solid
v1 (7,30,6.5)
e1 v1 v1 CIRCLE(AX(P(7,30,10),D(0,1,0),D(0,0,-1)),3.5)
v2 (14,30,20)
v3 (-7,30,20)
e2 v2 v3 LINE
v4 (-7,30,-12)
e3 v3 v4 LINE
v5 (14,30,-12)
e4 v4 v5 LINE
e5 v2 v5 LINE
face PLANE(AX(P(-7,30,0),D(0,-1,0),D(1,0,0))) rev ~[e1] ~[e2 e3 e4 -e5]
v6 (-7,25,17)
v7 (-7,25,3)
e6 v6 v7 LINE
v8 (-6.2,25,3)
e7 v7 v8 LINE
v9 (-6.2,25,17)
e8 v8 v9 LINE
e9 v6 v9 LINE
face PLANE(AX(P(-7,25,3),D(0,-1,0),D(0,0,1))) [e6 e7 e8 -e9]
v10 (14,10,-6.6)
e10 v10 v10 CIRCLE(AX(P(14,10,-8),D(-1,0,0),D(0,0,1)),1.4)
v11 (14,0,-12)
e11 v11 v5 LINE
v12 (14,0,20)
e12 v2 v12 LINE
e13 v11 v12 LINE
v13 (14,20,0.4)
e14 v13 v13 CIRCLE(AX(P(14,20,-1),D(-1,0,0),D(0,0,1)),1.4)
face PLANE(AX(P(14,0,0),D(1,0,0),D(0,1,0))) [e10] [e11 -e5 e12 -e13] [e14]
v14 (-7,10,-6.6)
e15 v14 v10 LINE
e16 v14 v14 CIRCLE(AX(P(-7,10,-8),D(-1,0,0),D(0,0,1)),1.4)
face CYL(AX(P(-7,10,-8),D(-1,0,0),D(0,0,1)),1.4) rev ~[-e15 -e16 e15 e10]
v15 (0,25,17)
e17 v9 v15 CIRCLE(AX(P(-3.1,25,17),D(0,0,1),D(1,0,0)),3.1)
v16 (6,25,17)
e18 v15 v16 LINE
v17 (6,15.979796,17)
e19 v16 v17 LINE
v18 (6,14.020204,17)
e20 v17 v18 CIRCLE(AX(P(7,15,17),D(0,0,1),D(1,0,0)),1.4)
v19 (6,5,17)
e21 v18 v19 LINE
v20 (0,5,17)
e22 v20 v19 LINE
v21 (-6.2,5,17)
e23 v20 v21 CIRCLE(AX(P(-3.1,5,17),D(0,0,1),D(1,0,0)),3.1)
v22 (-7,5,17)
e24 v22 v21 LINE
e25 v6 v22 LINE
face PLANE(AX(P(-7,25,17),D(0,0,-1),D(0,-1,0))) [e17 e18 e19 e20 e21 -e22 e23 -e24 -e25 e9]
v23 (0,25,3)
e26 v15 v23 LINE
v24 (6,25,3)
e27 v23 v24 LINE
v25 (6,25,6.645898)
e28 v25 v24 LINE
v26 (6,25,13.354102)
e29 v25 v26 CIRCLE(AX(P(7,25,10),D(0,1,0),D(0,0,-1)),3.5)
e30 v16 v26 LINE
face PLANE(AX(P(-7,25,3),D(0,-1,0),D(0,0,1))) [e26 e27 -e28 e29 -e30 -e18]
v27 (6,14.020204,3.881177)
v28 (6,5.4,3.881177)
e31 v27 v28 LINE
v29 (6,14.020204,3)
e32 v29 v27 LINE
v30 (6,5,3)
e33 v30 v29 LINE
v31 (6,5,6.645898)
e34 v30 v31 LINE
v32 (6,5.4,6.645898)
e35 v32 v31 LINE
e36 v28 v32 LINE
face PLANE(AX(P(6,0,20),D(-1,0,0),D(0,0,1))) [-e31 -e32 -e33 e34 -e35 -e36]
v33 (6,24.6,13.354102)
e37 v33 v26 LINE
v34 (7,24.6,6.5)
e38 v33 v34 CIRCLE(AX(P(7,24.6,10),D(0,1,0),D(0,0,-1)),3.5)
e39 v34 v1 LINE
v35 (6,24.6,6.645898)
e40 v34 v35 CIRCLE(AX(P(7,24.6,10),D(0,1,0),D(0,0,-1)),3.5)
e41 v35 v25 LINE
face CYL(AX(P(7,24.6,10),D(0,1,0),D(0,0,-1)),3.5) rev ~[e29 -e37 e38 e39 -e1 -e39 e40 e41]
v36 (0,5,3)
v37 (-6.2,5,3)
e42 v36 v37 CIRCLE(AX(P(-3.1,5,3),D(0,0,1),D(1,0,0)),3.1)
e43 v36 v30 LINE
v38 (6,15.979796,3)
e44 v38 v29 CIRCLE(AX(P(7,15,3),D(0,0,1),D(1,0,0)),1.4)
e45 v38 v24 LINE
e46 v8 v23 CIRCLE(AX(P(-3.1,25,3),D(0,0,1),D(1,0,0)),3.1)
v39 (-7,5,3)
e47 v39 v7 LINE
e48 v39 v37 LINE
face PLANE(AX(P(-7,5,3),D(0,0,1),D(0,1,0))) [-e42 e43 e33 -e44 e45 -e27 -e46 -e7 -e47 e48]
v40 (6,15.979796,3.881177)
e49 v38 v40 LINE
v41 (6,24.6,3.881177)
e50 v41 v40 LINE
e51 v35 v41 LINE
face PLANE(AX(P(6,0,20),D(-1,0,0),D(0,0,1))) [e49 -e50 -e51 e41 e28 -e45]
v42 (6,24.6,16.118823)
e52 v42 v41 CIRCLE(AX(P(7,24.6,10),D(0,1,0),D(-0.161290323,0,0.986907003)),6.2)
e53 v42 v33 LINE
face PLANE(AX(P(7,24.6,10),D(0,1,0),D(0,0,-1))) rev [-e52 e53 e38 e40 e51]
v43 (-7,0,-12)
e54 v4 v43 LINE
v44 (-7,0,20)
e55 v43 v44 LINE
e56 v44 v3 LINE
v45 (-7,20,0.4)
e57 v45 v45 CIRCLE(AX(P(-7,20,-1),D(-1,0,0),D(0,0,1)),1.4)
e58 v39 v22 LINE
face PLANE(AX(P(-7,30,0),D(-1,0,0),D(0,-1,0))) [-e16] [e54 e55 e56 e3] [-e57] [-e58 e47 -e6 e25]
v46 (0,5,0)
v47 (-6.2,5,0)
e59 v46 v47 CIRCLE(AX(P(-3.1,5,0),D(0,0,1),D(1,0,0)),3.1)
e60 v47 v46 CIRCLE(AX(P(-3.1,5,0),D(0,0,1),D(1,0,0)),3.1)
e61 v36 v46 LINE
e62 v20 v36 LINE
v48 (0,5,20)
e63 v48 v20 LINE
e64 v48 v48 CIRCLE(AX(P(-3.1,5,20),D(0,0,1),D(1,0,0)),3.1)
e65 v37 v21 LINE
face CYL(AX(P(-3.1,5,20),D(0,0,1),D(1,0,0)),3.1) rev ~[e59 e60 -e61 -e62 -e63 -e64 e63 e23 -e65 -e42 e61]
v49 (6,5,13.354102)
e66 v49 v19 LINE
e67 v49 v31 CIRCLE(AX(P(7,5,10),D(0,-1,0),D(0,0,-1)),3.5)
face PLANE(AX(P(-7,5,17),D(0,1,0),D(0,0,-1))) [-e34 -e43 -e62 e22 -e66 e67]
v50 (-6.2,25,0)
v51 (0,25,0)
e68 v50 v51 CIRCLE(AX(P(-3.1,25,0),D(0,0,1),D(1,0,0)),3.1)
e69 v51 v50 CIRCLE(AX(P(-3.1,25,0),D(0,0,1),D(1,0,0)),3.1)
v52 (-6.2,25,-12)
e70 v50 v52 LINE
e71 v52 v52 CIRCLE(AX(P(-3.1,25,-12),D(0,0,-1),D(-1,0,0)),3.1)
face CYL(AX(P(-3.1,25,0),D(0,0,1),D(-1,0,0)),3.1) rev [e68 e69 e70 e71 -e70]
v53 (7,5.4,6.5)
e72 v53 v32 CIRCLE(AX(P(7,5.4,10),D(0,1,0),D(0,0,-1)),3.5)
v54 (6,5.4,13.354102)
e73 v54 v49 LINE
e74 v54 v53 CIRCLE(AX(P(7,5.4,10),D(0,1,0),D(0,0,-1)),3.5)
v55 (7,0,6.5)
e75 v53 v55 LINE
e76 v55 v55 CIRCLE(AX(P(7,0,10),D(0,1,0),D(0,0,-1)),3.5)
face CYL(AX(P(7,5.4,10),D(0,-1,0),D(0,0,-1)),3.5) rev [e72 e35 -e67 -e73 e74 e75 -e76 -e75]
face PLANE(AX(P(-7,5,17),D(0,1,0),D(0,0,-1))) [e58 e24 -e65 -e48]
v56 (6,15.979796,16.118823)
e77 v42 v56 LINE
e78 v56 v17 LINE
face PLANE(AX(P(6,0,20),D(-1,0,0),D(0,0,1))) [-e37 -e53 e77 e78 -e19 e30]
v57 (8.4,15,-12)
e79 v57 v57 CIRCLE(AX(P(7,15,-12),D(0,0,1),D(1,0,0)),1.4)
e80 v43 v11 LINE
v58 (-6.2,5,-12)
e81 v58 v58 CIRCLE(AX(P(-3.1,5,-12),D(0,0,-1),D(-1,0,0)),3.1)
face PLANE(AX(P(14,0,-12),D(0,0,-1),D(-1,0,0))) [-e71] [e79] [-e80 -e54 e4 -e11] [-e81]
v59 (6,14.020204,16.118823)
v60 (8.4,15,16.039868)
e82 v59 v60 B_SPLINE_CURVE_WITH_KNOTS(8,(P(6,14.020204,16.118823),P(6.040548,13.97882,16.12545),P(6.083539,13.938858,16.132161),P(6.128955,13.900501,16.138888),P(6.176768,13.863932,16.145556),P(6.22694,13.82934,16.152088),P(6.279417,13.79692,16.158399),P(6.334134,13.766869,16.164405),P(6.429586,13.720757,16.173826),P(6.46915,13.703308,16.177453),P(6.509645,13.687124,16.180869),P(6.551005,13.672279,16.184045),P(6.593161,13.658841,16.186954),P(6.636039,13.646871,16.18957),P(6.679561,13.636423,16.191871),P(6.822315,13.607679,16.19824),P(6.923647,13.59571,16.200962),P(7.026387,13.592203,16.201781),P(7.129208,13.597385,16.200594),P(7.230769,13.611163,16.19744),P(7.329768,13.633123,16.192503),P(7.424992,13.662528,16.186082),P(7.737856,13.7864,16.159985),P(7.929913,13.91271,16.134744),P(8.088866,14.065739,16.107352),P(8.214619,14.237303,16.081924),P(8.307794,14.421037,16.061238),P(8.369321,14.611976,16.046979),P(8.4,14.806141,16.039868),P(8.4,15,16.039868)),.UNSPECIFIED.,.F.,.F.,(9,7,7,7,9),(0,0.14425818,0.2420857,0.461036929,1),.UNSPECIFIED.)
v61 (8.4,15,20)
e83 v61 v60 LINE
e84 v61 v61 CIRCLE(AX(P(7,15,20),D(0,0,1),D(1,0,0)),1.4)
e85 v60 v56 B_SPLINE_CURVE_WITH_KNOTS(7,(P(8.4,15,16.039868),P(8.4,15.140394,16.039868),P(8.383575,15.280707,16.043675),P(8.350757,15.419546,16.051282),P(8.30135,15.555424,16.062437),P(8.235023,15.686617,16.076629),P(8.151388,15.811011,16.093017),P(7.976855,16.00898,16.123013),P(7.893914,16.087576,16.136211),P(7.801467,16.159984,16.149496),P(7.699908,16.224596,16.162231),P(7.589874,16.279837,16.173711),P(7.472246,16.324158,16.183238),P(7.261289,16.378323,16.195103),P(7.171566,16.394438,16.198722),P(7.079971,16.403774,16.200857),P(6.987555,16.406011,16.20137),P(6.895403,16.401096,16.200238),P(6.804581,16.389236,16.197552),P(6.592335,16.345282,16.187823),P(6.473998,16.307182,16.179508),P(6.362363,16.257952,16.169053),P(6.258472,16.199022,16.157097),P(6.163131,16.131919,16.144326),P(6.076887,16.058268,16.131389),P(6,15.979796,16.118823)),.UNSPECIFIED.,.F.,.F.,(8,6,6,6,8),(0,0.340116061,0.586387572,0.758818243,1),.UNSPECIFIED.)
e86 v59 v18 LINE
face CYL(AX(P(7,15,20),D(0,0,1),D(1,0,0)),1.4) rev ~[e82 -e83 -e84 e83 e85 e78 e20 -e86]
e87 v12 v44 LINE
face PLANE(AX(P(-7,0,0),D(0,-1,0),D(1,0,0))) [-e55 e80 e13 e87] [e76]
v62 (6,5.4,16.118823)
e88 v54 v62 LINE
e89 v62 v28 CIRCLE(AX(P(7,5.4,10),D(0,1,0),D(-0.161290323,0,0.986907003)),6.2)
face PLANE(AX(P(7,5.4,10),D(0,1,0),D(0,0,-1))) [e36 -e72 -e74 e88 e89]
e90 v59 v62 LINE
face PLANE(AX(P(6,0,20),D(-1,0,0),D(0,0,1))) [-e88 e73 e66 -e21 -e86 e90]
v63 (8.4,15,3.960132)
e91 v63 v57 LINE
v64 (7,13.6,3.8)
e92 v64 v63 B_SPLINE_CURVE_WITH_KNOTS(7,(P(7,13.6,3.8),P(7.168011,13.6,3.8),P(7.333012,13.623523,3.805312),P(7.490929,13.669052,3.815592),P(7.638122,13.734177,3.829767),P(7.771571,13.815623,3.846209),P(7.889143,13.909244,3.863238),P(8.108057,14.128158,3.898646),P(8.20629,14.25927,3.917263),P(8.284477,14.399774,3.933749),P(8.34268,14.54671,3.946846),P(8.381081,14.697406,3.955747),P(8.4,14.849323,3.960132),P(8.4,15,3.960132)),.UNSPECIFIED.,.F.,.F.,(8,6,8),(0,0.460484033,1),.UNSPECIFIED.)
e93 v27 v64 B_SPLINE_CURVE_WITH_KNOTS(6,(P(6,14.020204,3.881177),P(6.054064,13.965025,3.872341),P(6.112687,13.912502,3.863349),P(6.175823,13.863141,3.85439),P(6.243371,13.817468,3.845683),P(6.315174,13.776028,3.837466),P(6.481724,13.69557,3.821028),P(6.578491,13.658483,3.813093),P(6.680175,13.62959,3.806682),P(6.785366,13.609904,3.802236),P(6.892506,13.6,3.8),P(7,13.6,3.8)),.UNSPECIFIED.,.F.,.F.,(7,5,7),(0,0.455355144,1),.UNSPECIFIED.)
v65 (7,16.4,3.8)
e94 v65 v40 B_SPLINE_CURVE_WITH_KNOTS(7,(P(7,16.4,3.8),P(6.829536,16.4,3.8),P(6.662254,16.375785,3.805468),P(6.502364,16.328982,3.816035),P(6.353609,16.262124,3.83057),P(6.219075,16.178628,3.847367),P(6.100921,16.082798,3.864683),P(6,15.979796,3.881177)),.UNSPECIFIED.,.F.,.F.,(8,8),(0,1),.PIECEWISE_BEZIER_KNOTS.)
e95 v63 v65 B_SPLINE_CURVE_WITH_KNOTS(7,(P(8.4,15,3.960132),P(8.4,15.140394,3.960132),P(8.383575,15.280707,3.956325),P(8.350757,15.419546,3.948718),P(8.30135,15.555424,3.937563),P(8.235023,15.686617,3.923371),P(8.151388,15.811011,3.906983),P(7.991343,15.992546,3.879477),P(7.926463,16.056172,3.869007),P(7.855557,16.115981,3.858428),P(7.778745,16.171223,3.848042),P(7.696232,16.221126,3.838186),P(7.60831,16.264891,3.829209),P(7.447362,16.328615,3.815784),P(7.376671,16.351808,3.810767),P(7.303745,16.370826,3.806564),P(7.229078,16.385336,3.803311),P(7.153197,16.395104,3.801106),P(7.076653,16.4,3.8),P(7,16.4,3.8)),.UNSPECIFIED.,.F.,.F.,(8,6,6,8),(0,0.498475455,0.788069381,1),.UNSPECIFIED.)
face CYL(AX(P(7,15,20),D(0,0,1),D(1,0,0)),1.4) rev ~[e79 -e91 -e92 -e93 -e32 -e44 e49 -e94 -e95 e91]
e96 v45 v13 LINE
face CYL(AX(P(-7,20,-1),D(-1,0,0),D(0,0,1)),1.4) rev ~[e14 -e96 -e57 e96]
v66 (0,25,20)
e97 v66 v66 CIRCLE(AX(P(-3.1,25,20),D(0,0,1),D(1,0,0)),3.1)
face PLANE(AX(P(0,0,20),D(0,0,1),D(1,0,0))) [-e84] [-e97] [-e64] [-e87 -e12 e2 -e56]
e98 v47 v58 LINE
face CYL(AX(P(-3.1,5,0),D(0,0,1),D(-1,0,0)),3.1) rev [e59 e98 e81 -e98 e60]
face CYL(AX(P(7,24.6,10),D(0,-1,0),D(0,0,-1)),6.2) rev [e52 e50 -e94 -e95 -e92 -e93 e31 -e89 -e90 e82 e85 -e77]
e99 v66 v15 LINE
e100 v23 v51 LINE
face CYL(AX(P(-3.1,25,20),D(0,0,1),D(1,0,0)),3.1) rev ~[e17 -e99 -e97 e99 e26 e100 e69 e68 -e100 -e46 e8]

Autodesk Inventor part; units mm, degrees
ref_plane "YZ Plane" through (0, 0, 0) normal (1, 0, 0) x (0, 1, 0)
ref_plane "XZ Plane" through (0, 0, 0) normal (0, 1, 0) x (-1, 0, 0)
sketch "Sketch1" plane through (0, 0, 0) normal (1, 0, 0) x (0, 1, 0)
  line L0 (0, 0) -> (30, 0)
  line L1 (30, 0) -> (30, 20)
  line L2 (30, 20) -> (0, 20)
  line L3 (0, 20) -> (0, 0)
  dimension "d0" = 30
  dimension "d1" = 20
extrude "Extrusion1" add sketch "Sketch1" along normal blind 14
ref_plane "Work Plane1" through (7, 0, 0) normal (-1, 0, 0) x (0, 0, 1)
sketch "Sketch2" plane through (7, 0, 0) normal (-1, 0, 0) x (0, 0, 1)
  line L0 (20, 0) -> (0, 0) projected
  line L1 (10, 0) -> (10, 30)
  line L2 (0, 30) -> (20, 30) projected
  line L3 (3.8, 5.4) -> (16.2, 5.4)
  line L4 (16.2, 5.4) -> (16.2, 24.6)
  line L5 (16.2, 24.6) -> (3.8, 24.6)
  line L6 (3.8, 24.6) -> (3.8, 5.4)
  line L7 (3.8, 5.4) -> (16.2, 24.6) construction
  line L8 (16.2, 5.4) -> (3.8, 24.6) construction
  line L9 (10, 5.4) -> (6.5, 5.4)
  line L10 (6.5, 5.4) -> (6.5, 0)
  line L11 (6.5, 0) -> (10, 0)
  line L12 (10, 0) -> (10, 5.4)
  line L13 (10, 24.6) -> (6.5, 24.6)
  line L14 (6.5, 24.6) -> (6.5, 30)
  line L15 (6.5, 30) -> (10, 30)
  line L16 (10, 30) -> (10, 24.6)
  line L17 (10, 24.6) -> (3.8, 24.6)
  line L18 (3.8, 24.6) -> (3.8, 5.4)
  line L19 (3.8, 5.4) -> (10, 5.4)
  line L20 (10, 5.4) -> (10, 24.6)
  point P0 (10, 15)
  dimension "d5" = 12.4
  dimension "d6" = 19.2
  dimension "d7" = 3.5
revolve "Revolution1" cut sketch "Sketch2" angle 360 about axis through (7, 0, 10) along (0, 1, 0) contours L0 L10 L3 L1 | L3 L6 L5 L1 | L5 L14 L2 L1
sketch "Sketch3" plane through (0, 0, 20) normal (0, 0, 1) x (1, 0, 0)
  line L0 (0, 30) -> (0, 0) projected
  line L1 (0, 0) -> (14, 0) projected
  line L2 (14, 30) -> (14, 0) projected
  line L3 (0, 30) -> (14, 30) projected
  line L4 (0, 0) -> (0, 30) projected
  line L5 (0, 0) -> (-7, 0)
  line L6 (-7, 0) -> (-7, 30)
  line L7 (-7, 30) -> (0, 30)
  line L8 (0, 30) -> (0, 0)
  line L9 (0, 30) -> (14, 30) projected
  circle A0 centre (-3.1, 5) radius 3.1
  line L10 (0, 30) -> (0, 0) projected
  circle A1 centre (-3.1, 25) radius 3.1
  dimension "d9" = 7
  dimension "d10" = 6.2
  dimension "d11" = 6.2
  dimension "d12" = 5
  dimension "d13" = 5
extrude "Extrusion2" add sketch "Sketch3" against normal up to surface (20 mm away) contours L0 L5 L6 L7
sketch "Sketch4" plane through (-7, 0, 20) normal (-1, 0, 0) x (0, 0, 1)
  line L0 (-16.2, 24.6) -> (-16.2, 5.4) projected
  line L1 (-15, 24.5) -> (-5, 24.5) projected
  line L2 (-13.5, 24.6) -> (-6.5, 24.6) projected
  line L3 (-16.2, 5.4) -> (-3.8, 5.4) projected
  line L4 (-3.8, 24.6) -> (-3.8, 5.4) projected
  line L5 (-16.2, 24.6) -> (-3.8, 24.6) projected
  line L6 (-17, 25) -> (-3, 25)
  line L7 (-3, 25) -> (-3, 5)
  line L8 (-3, 5) -> (-17, 5)
  line L9 (-17, 5) -> (-17, 25)
  line L10 (-17, 25) -> (-3, 5) construction
  line L11 (-3, 25) -> (-17, 5) construction
  line L12 (-13.5, 30.2686) -> (-6.5, 30.2686)
  line L13 (-6.5, 30.2686) -> (-6.5, 25)
  line L14 (-6.5, 25) -> (-13.5, 25)
  line L15 (-13.5, 25) -> (-13.5, 30.2686)
  line L16 (-13.5, 30.2686) -> (-6.5, 25) construction
  line L17 (-6.5, 30.2686) -> (-13.5, 25) construction
  line L18 (-13.5, -0.71) -> (-6.5, -0.71)
  line L19 (-6.5, -0.71) -> (-6.5, 5)
  line L20 (-6.5, 5) -> (-13.5, 5)
  line L21 (-13.5, 5) -> (-13.5, -0.71)
  line L22 (-13.5, -0.71) -> (-6.5, 5) construction
  line L23 (-6.5, -0.71) -> (-13.5, 5) construction
  point P0 (-20, 0)
  point P1 (-10, 15)
  point P2 (-10, 27.6343)
  point P3 (-10, 2.145)
  dimension "d16" = 14
  dimension "d17" = 20
  dimension "d18" = 7
extrude "Extrusion3" cut sketch "Sketch4" against normal blind 13 contours L5 L2 L4 L3 L0 | L6 L7 L8 L9
sketch "Sketch5" plane through (14, 0, 0) normal (0, 0, -1) x (-1, 0, 0)
  line L0 (21, 30) -> (0, 30) projected
  line L1 (0, 0) -> (0, 30) projected
  line L2 (21, 0) -> (0, 0) projected
  line L3 (21, 30) -> (21, 0) projected
  circle A0 centre (17.1, 25) radius 3.1 projected
  circle A1 centre (17.1, 5) radius 3.1 projected
  point P0 (14, 0)
ref_plane "Work Plane2" through (-3.5, -134.0004, -5) normal (0, 0, -1) x (0, 1, 0)
extrude "Extrusion4" add sketch "Sketch5" along normal blind 12
sketch "Sketch6" plane through (-7, 0, 20) normal (-1, 0, 0) x (0, 0, 1)
  point P0 (-20, 0)
sketch "Sketch7" plane through (-7, 0, 20) normal (-1, 0, 0) x (0, 0, 1)
  line L0 (-3, 5) -> (-17, 5) projected
  line L1 (-17, 5) -> (-17, 25) projected
  line L2 (-17, 25) -> (-3, 25) projected
  line L3 (-3, 25) -> (-3, 5) projected
  line L4 (0, 0) -> (-32, 0) projected
  line L5 (0, 30) -> (0, 0) projected
  line L6 (0, 30) -> (-32, 30) projected
  line L7 (-32, 0) -> (-32, 30) projected
  circle A0 centre (-28, 10) radius 1.4
  circle A1 centre (-21, 20) radius 1.4
  point P0 (-20, 0)
  dimension "d23" = 2.8
  dimension "d24" = 2.8
  dimension "d25" = 10
  dimension "d26" = 10
  dimension "d27" = 4
  dimension "d28" = 4
extrude "Extrusion5" cut sketch "Sketch7" against normal through all contours A0 | A1
sketch "Sketch8" plane through (14, 0, 20) normal (0, 0, 1) x (1, 0, 0)
  line L0 (-10, 99.8613) -> (-10, -100.1387)
  line L1 (-4, 99.8613) -> (-4, -100.1387)
  circle A0 centre (-7, 15) radius 1.4
  line L2 (-21, 0) -> (0, 0) projected
  point P0 (-14, 0)
  dimension "d31" = 2.8
  dimension "d32" = 15
  dimension "d33" = 3
extrude "Extrusion6" cut sketch "Sketch8" against normal through all
properties part number "30_CUBE_openXY_slider"
